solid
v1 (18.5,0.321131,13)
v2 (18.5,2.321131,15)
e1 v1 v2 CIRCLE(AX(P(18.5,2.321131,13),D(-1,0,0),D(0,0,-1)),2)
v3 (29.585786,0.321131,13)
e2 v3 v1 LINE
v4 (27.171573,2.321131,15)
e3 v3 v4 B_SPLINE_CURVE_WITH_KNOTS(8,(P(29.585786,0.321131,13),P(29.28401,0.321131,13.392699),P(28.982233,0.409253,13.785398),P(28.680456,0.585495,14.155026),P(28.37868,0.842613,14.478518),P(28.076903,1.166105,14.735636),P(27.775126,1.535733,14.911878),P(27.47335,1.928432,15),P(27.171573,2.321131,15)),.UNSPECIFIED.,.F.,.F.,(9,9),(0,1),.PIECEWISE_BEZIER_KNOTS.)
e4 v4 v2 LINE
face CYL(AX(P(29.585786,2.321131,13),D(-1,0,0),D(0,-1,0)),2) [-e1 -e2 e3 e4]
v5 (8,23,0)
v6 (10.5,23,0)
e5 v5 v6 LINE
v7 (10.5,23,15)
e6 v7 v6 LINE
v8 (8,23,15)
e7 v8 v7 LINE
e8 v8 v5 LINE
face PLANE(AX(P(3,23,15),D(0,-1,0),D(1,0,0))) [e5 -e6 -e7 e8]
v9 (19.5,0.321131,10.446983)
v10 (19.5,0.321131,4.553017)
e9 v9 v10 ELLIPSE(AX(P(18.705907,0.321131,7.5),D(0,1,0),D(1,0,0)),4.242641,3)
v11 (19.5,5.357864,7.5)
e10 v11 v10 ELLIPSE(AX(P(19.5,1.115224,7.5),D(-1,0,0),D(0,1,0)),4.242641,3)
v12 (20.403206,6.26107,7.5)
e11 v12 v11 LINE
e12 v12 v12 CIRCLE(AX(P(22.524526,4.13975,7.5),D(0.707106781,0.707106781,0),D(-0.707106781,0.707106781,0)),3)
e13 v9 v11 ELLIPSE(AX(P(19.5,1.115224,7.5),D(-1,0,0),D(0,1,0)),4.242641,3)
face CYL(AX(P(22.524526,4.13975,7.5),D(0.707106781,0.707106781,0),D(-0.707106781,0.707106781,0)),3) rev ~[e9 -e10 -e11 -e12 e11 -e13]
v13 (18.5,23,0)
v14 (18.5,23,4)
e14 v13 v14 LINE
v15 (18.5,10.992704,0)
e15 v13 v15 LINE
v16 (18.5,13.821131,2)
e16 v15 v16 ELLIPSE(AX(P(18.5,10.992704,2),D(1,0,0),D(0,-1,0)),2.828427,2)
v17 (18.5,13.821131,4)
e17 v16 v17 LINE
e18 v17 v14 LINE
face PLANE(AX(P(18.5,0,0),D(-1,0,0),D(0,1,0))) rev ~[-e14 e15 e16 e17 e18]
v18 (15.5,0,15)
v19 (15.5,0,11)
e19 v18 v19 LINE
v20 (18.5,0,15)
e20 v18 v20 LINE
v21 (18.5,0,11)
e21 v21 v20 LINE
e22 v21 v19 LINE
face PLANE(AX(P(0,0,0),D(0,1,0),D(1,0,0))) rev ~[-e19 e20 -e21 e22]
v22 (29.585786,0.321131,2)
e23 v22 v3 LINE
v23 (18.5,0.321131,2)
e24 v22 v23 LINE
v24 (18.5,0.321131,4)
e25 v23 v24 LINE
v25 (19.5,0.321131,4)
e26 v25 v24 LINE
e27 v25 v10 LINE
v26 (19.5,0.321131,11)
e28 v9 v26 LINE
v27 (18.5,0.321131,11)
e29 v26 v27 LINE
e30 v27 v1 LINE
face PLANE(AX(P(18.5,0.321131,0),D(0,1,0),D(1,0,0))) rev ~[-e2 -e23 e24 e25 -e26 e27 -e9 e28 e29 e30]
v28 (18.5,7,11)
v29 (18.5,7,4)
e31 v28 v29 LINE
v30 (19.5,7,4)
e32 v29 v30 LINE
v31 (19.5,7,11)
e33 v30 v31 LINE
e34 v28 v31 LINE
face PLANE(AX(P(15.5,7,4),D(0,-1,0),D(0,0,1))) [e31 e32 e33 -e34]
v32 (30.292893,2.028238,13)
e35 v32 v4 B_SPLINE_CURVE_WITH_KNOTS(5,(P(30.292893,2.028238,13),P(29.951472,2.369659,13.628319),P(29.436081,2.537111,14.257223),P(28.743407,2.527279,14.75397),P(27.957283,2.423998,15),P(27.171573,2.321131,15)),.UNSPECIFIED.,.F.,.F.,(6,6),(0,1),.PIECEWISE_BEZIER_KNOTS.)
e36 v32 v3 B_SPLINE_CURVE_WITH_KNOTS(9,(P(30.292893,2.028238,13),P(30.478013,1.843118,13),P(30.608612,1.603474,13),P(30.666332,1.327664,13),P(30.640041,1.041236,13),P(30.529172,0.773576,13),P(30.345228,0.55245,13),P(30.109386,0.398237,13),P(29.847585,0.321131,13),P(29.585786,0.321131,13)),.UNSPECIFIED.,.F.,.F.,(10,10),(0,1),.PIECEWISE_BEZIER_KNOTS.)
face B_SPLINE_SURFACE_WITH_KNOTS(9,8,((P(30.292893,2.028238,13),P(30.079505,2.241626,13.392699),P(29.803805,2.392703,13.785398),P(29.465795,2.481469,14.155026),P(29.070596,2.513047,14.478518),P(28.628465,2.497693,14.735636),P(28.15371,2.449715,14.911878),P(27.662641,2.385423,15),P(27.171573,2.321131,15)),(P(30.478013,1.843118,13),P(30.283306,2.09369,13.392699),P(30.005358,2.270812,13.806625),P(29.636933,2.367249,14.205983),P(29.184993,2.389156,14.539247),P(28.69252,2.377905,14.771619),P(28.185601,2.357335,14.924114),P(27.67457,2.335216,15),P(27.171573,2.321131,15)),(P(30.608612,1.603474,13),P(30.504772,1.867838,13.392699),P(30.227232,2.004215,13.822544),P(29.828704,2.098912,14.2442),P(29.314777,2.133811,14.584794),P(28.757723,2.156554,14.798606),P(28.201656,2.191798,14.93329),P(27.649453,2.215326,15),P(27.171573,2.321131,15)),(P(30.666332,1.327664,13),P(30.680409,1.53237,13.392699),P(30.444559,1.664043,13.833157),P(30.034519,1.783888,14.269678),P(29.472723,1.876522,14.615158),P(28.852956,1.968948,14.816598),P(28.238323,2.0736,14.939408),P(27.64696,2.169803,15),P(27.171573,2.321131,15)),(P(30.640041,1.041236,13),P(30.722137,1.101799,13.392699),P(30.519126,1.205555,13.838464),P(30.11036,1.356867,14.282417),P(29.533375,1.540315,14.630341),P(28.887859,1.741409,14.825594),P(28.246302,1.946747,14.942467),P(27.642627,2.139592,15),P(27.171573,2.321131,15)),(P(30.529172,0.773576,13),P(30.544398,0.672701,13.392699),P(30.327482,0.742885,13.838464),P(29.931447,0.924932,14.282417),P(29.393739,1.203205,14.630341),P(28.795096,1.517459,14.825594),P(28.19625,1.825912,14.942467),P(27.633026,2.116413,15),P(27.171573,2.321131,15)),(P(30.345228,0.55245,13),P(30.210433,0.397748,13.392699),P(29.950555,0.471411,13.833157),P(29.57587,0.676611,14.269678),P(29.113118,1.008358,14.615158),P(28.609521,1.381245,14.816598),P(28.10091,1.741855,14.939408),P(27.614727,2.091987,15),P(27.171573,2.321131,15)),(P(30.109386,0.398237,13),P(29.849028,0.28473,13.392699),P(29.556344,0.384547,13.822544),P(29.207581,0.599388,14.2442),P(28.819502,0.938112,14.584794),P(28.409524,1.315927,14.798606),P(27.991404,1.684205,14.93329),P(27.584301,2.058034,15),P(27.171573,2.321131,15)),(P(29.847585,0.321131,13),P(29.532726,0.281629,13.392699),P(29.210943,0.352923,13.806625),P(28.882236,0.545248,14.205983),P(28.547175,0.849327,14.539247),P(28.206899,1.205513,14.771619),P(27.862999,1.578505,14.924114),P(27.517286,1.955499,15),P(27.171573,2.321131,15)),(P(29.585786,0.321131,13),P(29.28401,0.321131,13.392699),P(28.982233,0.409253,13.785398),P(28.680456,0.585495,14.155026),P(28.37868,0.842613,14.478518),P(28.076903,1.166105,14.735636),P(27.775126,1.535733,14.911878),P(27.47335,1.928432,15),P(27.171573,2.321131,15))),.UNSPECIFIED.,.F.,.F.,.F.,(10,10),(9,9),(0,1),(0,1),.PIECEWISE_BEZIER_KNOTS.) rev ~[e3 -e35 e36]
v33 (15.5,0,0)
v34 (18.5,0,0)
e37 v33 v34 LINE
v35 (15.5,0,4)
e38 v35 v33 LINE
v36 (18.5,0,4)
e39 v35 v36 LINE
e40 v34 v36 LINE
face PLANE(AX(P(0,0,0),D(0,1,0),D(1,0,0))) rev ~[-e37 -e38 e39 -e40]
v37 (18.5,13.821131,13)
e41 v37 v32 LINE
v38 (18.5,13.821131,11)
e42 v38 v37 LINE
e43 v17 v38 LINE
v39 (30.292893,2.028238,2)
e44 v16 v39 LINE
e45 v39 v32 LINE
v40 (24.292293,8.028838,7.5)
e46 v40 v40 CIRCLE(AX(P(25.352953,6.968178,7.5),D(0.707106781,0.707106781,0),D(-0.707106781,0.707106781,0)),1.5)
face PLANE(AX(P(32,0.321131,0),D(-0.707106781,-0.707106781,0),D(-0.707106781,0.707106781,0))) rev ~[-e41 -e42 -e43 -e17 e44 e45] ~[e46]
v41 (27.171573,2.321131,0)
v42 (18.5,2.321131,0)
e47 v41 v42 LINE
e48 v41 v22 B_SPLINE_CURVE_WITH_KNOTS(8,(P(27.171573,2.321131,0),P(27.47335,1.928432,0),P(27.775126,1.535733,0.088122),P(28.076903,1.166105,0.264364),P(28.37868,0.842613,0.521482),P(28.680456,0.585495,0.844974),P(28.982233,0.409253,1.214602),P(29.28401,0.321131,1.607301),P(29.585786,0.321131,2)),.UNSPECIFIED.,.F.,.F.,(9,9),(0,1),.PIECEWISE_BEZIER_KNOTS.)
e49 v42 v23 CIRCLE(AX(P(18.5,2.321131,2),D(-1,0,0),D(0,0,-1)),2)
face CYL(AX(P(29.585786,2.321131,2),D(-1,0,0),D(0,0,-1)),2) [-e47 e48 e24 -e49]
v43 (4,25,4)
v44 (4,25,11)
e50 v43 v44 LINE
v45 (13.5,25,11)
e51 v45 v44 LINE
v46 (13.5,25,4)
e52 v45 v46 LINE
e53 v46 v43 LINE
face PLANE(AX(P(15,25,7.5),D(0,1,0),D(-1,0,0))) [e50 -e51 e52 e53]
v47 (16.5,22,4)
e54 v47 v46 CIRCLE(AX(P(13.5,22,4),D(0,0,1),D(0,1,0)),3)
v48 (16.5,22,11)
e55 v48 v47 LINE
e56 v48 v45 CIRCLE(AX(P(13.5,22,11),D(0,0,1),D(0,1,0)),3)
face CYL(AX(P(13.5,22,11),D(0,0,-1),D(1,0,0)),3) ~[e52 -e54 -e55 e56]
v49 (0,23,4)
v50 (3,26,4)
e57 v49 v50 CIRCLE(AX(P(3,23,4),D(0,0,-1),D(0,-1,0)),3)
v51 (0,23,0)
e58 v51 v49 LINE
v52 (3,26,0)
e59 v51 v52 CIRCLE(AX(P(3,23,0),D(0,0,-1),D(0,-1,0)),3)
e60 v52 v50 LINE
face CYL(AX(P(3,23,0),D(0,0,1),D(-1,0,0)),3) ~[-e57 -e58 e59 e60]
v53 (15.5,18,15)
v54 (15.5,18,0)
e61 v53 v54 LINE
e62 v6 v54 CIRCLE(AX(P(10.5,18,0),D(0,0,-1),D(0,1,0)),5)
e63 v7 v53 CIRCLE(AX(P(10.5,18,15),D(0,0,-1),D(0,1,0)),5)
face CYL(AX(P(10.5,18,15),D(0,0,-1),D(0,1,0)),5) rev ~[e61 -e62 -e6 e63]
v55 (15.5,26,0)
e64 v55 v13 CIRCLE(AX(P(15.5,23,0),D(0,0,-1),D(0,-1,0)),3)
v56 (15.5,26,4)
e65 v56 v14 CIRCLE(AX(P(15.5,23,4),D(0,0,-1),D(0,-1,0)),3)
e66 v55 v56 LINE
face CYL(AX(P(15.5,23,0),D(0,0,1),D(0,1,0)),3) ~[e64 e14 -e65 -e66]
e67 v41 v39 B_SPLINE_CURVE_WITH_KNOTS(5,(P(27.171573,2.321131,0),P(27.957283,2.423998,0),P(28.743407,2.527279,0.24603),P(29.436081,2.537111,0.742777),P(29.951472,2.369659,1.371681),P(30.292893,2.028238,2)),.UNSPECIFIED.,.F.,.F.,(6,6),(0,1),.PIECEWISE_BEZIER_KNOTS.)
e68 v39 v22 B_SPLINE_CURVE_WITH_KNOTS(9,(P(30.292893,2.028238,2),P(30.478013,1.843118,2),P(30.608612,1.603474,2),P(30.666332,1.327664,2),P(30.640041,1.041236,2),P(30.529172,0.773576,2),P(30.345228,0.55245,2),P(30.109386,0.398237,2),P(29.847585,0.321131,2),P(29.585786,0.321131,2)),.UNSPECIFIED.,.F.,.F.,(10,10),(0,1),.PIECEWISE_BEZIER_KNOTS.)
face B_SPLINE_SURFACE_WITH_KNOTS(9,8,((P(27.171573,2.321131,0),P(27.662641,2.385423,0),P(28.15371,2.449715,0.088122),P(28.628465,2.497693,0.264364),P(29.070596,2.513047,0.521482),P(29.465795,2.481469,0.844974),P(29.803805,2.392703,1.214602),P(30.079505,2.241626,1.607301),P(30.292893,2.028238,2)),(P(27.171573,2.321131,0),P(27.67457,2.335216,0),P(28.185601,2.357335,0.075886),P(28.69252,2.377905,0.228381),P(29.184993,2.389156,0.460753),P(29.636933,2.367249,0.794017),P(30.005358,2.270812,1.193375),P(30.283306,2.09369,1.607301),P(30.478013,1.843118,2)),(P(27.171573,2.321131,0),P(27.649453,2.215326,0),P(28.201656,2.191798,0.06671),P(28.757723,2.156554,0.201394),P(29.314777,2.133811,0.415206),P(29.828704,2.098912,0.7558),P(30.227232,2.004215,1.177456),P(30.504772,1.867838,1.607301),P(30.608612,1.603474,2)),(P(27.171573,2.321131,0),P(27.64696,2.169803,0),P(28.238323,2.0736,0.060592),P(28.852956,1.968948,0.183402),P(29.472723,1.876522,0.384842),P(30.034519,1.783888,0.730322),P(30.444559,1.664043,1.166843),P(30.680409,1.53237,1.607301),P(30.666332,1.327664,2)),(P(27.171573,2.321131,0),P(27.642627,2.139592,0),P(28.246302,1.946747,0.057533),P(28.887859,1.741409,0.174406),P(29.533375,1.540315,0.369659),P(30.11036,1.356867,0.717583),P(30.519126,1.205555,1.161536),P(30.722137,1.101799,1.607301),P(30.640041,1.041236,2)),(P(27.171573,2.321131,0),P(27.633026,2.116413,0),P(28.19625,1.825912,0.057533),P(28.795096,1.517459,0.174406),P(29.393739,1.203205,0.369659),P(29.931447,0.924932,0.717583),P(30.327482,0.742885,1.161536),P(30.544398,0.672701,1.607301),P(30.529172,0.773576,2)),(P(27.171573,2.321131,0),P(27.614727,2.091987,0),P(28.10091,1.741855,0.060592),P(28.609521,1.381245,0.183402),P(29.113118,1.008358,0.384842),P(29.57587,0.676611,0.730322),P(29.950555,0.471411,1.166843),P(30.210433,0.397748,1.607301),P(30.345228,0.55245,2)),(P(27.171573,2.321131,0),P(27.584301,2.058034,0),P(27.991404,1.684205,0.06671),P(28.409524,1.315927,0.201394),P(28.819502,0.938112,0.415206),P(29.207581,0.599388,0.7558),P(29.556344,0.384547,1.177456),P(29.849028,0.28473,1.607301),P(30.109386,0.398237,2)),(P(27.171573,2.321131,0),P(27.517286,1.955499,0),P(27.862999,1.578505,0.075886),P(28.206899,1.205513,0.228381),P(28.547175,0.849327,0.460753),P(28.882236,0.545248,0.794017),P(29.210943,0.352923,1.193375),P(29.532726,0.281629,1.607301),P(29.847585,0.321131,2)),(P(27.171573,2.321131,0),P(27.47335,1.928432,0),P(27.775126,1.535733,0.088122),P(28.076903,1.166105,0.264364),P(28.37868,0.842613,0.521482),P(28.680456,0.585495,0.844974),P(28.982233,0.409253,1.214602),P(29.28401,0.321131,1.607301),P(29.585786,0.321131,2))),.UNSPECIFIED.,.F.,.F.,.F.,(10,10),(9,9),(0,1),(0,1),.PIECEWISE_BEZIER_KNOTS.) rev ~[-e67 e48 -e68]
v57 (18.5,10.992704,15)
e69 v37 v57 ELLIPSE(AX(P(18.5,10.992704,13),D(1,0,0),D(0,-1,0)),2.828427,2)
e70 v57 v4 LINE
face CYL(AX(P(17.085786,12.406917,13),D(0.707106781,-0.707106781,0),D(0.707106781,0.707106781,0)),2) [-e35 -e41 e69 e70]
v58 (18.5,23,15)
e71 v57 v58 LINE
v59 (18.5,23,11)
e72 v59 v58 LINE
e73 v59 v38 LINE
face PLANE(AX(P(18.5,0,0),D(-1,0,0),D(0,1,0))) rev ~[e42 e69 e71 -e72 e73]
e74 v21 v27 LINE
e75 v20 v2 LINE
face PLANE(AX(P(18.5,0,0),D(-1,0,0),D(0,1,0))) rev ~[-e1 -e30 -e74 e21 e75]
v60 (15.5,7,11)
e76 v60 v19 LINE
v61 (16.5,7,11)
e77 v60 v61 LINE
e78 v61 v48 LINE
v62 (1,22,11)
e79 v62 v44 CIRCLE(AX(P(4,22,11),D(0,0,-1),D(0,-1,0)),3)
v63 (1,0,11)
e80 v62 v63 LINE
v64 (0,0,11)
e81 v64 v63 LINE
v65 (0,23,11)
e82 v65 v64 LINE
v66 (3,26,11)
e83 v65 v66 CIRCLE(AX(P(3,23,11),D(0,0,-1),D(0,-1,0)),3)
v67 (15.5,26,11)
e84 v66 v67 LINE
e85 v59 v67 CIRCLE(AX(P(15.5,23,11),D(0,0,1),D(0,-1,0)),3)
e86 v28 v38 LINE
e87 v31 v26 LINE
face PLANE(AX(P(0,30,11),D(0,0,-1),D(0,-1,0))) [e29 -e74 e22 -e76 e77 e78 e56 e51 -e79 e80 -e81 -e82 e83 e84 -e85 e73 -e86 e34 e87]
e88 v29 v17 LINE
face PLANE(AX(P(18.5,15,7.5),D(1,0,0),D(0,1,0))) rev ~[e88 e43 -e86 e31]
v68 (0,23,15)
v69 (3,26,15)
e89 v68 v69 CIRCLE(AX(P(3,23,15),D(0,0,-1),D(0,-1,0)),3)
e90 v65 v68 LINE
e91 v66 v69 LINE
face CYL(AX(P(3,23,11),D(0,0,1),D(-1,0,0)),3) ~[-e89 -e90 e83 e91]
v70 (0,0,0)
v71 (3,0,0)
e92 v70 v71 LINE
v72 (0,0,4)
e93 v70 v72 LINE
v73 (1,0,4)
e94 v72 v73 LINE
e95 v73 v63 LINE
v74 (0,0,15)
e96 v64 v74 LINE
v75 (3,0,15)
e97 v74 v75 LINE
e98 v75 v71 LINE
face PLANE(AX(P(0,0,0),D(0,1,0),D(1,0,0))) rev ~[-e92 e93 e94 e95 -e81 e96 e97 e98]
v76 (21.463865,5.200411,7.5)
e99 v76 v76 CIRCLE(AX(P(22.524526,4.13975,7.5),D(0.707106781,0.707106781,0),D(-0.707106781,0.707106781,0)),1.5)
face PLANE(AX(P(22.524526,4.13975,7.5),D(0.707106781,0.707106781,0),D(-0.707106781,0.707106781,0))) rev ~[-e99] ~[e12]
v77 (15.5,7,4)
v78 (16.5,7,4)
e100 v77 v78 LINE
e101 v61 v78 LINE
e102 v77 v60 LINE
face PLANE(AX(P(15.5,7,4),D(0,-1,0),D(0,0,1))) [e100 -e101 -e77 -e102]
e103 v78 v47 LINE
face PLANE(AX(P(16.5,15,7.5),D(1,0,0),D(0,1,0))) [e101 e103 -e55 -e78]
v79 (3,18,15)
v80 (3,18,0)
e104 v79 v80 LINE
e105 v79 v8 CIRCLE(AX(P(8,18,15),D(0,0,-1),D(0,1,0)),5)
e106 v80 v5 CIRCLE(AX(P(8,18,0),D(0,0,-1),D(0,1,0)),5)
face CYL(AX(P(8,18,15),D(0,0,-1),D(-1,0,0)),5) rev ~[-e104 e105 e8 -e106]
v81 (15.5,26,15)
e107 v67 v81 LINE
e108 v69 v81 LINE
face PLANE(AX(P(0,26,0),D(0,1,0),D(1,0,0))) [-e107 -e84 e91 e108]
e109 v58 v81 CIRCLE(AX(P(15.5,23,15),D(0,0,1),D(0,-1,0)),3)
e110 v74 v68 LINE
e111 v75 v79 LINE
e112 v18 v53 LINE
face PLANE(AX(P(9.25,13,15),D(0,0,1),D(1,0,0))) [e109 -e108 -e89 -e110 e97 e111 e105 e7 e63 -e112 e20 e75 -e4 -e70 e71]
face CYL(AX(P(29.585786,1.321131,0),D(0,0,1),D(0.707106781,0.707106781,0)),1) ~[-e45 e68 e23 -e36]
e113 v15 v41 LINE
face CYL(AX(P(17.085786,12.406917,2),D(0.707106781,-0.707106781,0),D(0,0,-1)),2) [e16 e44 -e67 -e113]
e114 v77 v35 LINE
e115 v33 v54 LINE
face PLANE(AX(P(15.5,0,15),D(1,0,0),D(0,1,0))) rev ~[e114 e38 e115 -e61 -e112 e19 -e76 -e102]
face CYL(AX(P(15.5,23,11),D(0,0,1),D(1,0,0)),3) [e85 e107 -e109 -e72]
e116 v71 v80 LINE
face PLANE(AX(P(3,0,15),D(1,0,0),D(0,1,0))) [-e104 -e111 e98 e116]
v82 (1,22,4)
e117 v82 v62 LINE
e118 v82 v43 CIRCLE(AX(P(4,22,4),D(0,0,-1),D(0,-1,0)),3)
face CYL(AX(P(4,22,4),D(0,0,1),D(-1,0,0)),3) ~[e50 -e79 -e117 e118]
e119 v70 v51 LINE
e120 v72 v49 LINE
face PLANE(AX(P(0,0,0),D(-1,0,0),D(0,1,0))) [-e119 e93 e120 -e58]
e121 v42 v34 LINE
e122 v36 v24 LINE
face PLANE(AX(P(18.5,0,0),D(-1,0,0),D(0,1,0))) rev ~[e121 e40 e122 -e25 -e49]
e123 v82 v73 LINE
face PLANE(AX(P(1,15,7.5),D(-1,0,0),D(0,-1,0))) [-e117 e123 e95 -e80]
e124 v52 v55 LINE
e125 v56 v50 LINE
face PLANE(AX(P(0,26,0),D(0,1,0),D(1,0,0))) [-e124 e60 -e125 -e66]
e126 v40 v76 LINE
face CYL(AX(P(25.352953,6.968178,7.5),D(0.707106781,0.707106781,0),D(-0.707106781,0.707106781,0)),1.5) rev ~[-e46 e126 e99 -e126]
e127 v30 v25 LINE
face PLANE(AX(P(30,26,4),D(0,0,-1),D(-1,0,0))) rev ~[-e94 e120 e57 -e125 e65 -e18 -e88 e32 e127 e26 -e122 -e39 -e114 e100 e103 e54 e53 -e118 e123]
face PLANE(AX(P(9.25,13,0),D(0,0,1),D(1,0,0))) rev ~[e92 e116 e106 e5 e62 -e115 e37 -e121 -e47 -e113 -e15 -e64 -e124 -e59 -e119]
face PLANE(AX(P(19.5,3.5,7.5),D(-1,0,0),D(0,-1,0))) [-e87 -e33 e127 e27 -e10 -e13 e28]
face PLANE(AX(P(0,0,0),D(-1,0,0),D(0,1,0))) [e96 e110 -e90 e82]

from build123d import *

# Parameters (mm, degrees)
SKETCH_W        = 18.5
SKETCH_H        = 26
PAD_DEPTH       = 15
SKETCH001_W     = 12.5
SKETCH001_H     = 23
POCKET_DEPTH    = 15
SKETCH002_W     = 30
SKETCH002_H     = 7
POCKET001_DEPTH = 1
PAD001_DEPTH    = 15
SKETCH004_R     = 1.5
POCKET002_DEPTH = 15
SKETCH005_W     = 30
SKETCH005_H     = 7
POCKET003_DEPTH = 1
SKETCH006_W     = 30
SKETCH006_H     = 7
POCKET004_DEPTH = 2
SKETCH007_W     = 7
SKETCH007_H     = 7
POCKET005_DEPTH = 4
SKETCH008_R     = 3
POCKET006_DEPTH = 10
FILLET_R        = 5
FILLET001_R     = 3
FILLET002_R     = 1
FILLET003_R     = 2


with BuildPart() as part:
    # Sketch → Pad (new body)
    with BuildSketch(Plane.XY):
        with Locations((9.25, 13)):
            Rectangle(SKETCH_W, SKETCH_H)
    extrude(amount=PAD_DEPTH)

    # Sketch001 (on Face6 of Pad) → Pocket (cut)
    with BuildSketch(Plane.XY.offset(15)):
        with Locations((9.25, 11.5)):
            Rectangle(SKETCH001_W, SKETCH001_H)
    extrude(amount=-POCKET_DEPTH, mode=Mode.SUBTRACT)

    # Sketch002 (on Face6 of Pocket) → Pocket001 (cut)
    with BuildSketch(Plane(origin=(0, 26, 0), x_dir=(-1, 0, 0), z_dir=(0, 1, 0))):
        with Locations((-15, 7.5)):
            Rectangle(SKETCH002_W, SKETCH002_H)
    extrude(amount=-POCKET001_DEPTH, mode=Mode.SUBTRACT)

    # Sketch003 (on Face4 of Pocket001) → Pad001 (join)
    with BuildSketch(Plane.XY):
        Polygon((18.5, 13.821131), (18.5, 0.321131), (32, 0.321131), align=None)
    extrude(amount=PAD001_DEPTH)

    # Sketch004 (on Face19 of Pad001) → Pocket002 (cut)
    with BuildSketch(Plane(origin=(16.160565, 16.160566, 0), x_dir=(-0.707107, 0.707107, 0), z_dir=(0.707107, 0.707107, 0))):
        with Locations((-13, 7.5)):
            Circle(SKETCH004_R)
    extrude(amount=-POCKET002_DEPTH, mode=Mode.SUBTRACT)

    # Sketch005 (on Face5 of Pocket002) → Pocket003 (cut)
    with BuildSketch(Plane(origin=(0, 0, 0), x_dir=(0, -1, 0), z_dir=(-1, 0, 0))):
        with Locations((-15, 7.5)):
            Rectangle(SKETCH005_W, SKETCH005_H)
    extrude(amount=-POCKET003_DEPTH, mode=Mode.SUBTRACT)

    # Sketch006 (on Face13 of Pocket003) → Pocket004 (cut)
    with BuildSketch(Plane.YZ.offset(18.5)):
        with Locations((15, 7.5)):
            Rectangle(SKETCH006_W, SKETCH006_H)
    extrude(amount=-POCKET004_DEPTH, mode=Mode.SUBTRACT)

    # Sketch007 (on Face15 of Pocket004) → Pocket005 (cut)
    with BuildSketch(Plane(origin=(15.5, 0, 0), x_dir=(0, -1, 0), z_dir=(-1, 0, 0))):
        with Locations((-3.5, 7.5)):
            Rectangle(SKETCH007_W, SKETCH007_H)
    extrude(amount=-POCKET005_DEPTH, mode=Mode.SUBTRACT)

    # Sketch008 (on Face29 of Pocket005) → Pocket006 (cut)
    with BuildSketch(Plane(origin=(13.332138, 13.332138, 0), x_dir=(-0.707107, 0.707107, 0), z_dir=(0.707107, 0.707107, 0))):
        with Locations((-13, 7.5)):
            Circle(SKETCH008_R)
    extrude(amount=-POCKET006_DEPTH, mode=Mode.SUBTRACT)

    # Fillet
    fillet_edges = [part.edges().sort_by_distance(p)[0] for p in [
        (15.5, 23, 7.5),
        (3, 23, 7.5),
    ]]
    fillet(fillet_edges, radius=FILLET_R)

    # Fillet001
    fillet001_edges = [part.edges().sort_by_distance(p)[0] for p in [
        (0, 26, 13),
        (18.5, 26, 13),
        (18.5, 26, 2),
        (0, 26, 2),
        (1, 25, 7.5),
        (16.5, 25, 7.5),
    ]]
    fillet(fillet001_edges, radius=FILLET001_R)

    # Fillet002
    fillet002_edges = [part.edges().sort_by_distance(p)[0] for p in [
        (32, 0.321131, 7.5),
    ]]
    fillet(fillet002_edges, radius=FILLET002_R)

    # Fillet003
    fillet003_edges = [part.edges().sort_by_distance(p)[0] for p in [
        (30.509666, 0.938448, 15),
        (30.509666, 0.938448, 0),
    ]]
    fillet(fillet003_edges, radius=FILLET003_R)


solid = part.part
